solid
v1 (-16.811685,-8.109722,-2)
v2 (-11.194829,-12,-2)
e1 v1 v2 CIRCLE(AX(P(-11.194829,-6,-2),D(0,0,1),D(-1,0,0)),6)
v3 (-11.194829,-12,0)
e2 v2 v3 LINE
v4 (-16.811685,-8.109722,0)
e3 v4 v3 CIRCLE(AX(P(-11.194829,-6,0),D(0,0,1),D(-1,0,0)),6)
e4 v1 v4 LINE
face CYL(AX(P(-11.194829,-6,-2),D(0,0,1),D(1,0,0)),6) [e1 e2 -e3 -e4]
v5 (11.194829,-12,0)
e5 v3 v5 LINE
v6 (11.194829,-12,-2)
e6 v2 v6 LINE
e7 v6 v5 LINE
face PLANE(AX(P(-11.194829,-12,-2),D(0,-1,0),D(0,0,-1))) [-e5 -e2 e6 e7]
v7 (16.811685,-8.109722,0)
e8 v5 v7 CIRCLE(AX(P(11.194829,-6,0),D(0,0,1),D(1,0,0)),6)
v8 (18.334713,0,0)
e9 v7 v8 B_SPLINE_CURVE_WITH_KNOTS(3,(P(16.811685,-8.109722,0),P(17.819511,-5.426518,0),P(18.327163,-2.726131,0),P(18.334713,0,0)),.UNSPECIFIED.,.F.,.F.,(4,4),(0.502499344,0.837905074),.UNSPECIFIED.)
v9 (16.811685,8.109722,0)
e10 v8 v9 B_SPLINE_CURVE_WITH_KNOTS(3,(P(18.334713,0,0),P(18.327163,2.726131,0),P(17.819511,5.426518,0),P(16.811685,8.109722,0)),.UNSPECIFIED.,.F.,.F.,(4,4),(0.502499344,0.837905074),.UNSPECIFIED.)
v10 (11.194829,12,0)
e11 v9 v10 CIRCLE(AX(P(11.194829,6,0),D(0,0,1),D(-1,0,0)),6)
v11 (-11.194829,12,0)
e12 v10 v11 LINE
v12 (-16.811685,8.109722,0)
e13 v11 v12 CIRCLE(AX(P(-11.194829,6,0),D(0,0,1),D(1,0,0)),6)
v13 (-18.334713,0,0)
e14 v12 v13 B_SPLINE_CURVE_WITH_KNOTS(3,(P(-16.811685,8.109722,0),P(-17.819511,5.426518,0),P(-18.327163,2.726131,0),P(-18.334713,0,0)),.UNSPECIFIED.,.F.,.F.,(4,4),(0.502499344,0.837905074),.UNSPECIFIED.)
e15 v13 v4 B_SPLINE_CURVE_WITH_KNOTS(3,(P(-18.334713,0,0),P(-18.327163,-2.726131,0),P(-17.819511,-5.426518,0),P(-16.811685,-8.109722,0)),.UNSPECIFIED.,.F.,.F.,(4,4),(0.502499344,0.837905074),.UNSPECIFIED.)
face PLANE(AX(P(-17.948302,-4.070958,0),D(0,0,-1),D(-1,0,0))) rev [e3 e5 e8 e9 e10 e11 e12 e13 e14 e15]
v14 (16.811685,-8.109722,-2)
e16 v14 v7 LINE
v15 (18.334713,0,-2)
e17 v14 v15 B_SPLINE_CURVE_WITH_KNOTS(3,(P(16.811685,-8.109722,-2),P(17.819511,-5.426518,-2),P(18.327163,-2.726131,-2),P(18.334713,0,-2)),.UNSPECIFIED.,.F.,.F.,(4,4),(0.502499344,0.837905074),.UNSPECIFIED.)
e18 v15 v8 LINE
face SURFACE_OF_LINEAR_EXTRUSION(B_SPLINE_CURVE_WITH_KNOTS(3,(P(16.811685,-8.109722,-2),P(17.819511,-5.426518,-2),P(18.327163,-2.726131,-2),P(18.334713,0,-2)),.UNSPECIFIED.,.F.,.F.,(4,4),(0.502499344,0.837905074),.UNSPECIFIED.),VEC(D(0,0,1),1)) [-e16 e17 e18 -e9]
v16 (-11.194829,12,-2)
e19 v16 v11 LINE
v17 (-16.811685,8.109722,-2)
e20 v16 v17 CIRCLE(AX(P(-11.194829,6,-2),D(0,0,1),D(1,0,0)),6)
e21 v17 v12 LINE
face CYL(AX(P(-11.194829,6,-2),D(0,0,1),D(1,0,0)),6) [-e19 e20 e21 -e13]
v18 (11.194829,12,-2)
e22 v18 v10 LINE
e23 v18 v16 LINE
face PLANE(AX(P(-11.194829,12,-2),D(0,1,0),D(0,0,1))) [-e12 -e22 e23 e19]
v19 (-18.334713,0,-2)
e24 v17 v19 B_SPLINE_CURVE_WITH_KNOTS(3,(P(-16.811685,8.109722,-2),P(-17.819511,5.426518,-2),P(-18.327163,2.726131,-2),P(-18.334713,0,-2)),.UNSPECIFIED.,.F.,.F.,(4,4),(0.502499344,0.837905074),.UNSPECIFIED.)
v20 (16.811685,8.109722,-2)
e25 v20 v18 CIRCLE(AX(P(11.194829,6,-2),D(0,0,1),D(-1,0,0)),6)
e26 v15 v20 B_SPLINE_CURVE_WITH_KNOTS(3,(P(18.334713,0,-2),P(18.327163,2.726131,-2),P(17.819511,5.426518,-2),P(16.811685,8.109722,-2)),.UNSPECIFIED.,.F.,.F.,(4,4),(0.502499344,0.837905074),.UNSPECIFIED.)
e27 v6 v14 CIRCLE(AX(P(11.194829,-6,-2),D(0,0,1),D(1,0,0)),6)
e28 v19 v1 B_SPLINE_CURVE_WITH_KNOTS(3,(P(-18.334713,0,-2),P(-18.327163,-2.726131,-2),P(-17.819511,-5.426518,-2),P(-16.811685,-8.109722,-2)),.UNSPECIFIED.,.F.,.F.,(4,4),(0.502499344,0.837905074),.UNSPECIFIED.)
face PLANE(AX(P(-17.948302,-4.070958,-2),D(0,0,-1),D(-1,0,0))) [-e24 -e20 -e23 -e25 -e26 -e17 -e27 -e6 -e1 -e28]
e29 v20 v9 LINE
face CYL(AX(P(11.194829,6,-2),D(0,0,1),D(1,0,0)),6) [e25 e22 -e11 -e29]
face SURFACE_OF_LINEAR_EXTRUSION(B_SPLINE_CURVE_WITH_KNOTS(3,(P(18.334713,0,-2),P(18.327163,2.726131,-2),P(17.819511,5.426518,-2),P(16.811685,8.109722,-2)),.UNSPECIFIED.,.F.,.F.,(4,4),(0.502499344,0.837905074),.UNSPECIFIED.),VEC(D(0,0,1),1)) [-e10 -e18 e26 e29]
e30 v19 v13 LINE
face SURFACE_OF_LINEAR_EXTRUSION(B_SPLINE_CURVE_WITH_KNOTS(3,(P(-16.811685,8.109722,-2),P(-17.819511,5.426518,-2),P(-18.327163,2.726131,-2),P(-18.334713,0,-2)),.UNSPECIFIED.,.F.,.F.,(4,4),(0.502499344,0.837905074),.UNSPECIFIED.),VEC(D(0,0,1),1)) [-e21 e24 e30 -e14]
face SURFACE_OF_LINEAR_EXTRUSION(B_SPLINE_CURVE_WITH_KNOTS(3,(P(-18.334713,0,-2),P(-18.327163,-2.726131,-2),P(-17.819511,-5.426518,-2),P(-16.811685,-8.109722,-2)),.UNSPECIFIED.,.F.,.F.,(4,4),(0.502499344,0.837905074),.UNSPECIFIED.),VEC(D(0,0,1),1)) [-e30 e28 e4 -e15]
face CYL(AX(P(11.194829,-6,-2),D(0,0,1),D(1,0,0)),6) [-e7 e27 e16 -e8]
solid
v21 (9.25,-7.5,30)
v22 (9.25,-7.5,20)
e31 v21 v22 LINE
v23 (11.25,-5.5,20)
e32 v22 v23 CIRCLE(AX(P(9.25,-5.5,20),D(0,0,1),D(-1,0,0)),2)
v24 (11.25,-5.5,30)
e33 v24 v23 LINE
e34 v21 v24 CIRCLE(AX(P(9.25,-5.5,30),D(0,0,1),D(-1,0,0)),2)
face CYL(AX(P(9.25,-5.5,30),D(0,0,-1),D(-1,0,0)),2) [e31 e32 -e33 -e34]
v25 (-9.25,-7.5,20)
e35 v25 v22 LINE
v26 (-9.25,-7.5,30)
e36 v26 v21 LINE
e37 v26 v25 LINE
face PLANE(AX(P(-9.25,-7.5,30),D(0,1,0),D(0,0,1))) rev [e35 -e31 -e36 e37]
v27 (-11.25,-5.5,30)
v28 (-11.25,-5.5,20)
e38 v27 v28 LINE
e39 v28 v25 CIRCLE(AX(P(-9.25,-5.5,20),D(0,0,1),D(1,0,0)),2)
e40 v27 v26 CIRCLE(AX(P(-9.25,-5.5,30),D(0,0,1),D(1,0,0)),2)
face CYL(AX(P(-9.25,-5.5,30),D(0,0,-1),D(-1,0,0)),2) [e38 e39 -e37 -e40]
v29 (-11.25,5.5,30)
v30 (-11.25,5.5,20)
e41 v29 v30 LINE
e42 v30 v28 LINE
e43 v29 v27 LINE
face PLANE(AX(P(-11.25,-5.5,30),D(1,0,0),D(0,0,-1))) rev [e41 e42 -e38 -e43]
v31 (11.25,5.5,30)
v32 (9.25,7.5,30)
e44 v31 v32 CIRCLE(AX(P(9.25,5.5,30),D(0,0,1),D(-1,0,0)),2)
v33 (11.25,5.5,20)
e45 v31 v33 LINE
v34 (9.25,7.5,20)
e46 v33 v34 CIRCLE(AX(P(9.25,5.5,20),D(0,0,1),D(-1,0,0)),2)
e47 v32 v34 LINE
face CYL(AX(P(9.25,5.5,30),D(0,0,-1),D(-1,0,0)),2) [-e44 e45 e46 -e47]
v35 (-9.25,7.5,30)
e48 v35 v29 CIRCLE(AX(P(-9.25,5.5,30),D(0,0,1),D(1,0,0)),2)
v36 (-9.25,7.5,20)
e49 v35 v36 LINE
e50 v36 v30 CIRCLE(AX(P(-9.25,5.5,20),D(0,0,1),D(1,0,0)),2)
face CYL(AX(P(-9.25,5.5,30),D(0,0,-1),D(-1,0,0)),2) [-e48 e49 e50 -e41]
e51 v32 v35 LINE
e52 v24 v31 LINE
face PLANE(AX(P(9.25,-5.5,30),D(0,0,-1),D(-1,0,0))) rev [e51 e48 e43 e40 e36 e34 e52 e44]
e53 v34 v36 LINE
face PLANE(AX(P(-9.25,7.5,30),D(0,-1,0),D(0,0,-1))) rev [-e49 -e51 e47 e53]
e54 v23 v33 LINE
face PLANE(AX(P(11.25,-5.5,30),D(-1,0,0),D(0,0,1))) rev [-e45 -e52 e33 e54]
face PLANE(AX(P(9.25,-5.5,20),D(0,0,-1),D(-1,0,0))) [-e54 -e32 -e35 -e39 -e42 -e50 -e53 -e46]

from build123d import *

# Parameters (mm, degrees)
BOSS_EXTRUDE1_DEPTH = 10
BOSS_EXTRUDE2_START = -2
SKETCH7_W           = 17.267499136
SKETCH7_H           = 10.808758156
BOSS_EXTRUDE2_DEPTH = 2
BOSS_EXTRUDE7_DEPTH = 2
BOSS_EXTRUDE9_START = -2
BOSS_EXTRUDE9_DEPTH = 2


with BuildPart() as part:
    # Sketch6 → Boss-Extrude1 (new body)
    with BuildSketch(Plane.XY.offset(20)):
        with BuildLine():
            Line((-9.25, -7.5), (9.25, -7.5))
            ThreePointArc((9.25, -7.5), (10.664213562, -6.914213562), (11.25, -5.5))
            Line((11.25, -5.5), (11.25, 5.5))
            ThreePointArc((11.25, 5.5), (10.664213562, 6.914213562), (9.25, 7.5))
            Line((9.25, 7.5), (-9.25, 7.5))
            ThreePointArc((-9.25, 7.5), (-10.664213562, 6.914213562), (-11.25, 5.5))
            Line((-11.25, 5.5), (-11.25, -5.5))
            ThreePointArc((-11.25, -5.5), (-10.664213562, -6.914213562), (-9.25, -7.5))
        make_face()
    extrude(amount=BOSS_EXTRUDE1_DEPTH)

    # Sketch7 → Boss-Extrude2 (add)
    with BuildSketch(Plane.XY.offset(27.8).offset(BOSS_EXTRUDE2_START)):
        with BuildLine():
            Line((9.25, -7.5), (-9.25, -7.5))
            ThreePointArc((-9.25, -7.5), (-10.664213562, -6.914213562), (-11.25, -5.5))
            Line((-11.25, -5.5), (-11.25, 5.5))
            ThreePointArc((-11.25, 5.5), (-10.664213562, 6.914213562), (-9.25, 7.5))
            Line((-9.25, 7.5), (9.25, 7.5))
            ThreePointArc((9.25, 7.5), (10.664213562, 6.914213562), (11.25, 5.5))
            Line((11.25, 5.5), (11.25, -5.5))
            ThreePointArc((11.25, -5.5), (10.664213562, -6.914213562), (9.25, -7.5))
        make_face()
        Rectangle(SKETCH7_W, SKETCH7_H, mode=Mode.SUBTRACT)
    extrude(amount=BOSS_EXTRUDE2_DEPTH)

    # Sketch19 → Boss-Extrude9 (add)
    with BuildSketch(Plane.XY.offset(27.8).offset(BOSS_EXTRUDE9_START)):
        with BuildLine():
            Line((-9.25, -7.5), (9.25, -7.5))
            ThreePointArc((9.25, -7.5), (10.664213562, -6.914213562), (11.25, -5.5))
            Line((11.25, -5.5), (11.25, 5.5))
            ThreePointArc((11.25, 5.5), (10.664213562, 6.914213562), (9.25, 7.5))
            Line((9.25, 7.5), (-9.25, 7.5))
            ThreePointArc((-9.25, 7.5), (-10.664213562, 6.914213562), (-11.25, 5.5))
            Line((-11.25, 5.5), (-11.25, -5.5))
            ThreePointArc((-11.25, -5.5), (-10.664213562, -6.914213562), (-9.25, -7.5))
        make_face()
        Polygon((-8.846713109, -6.835339728), (8.846713109, -6.835339728), (8.846713109, 6.835339728), (-8.846713109, 6.835339728), (-8.846713109, 3.299585285), (-10.877917398, 3.299585285), (-10.877917398, -3.536837454), (-8.846713109, -3.536837454), align=None, mode=Mode.SUBTRACT)
    extrude(amount=BOSS_EXTRUDE9_DEPTH)


with BuildPart() as body_2:
    # Sketch1 → Boss-Extrude7 (new body)
    with BuildSketch(Plane.XY):
        with BuildLine():
            Line((-11.194828593, 12), (11.194828593, 12))
            ThreePointArc((11.194828593, 12), (14.611088975, 10.932460339), (16.811684874, 8.109721667))
            add(Edge.make_bspline(
                [(18.334712598, 0), (18.327162711, 2.726130661), (17.81951085, 5.426517645), (16.811684874, 8.109721667)],
                knots=[0.502499344, 0.502499344, 0.502499344, 0.502499344, 0.837905074, 0.837905074, 0.837905074, 0.837905074], degree=3))
            add(Edge.make_bspline(
                [(18.334712598, 0), (18.327162711, -2.726130661), (17.81951085, -5.426517645), (16.811684874, -8.109721667)],
                knots=[0.502499344, 0.502499344, 0.502499344, 0.502499344, 0.837905074, 0.837905074, 0.837905074, 0.837905074], degree=3))
            ThreePointArc((16.811684874, -8.109721667), (14.611088975, -10.932460339), (11.194828593, -12))
            Line((11.194828593, -12), (-11.194828593, -12))
            ThreePointArc((-11.194828593, -12), (-14.611088975, -10.932460339), (-16.811684874, -8.109721667))
            add(Edge.make_bspline(
                [(-18.334712598, 0), (-18.327162711, -2.726130661), (-17.81951085, -5.426517645), (-16.811684874, -8.109721667)],
                knots=[0.502499344, 0.502499344, 0.502499344, 0.502499344, 0.837905074, 0.837905074, 0.837905074, 0.837905074], degree=3))
            add(Edge.make_bspline(
                [(-18.334712598, 0), (-18.327162711, 2.726130661), (-17.81951085, 5.426517645), (-16.811684874, 8.109721667)],
                knots=[0.502499344, 0.502499344, 0.502499344, 0.502499344, 0.837905074, 0.837905074, 0.837905074, 0.837905074], degree=3))
            ThreePointArc((-16.811684874, 8.109721667), (-14.611088975, 10.932460339), (-11.194828593, 12))
        make_face()
    extrude(amount=-BOSS_EXTRUDE7_DEPTH)


solid = Compound([part.part, body_2.part])
